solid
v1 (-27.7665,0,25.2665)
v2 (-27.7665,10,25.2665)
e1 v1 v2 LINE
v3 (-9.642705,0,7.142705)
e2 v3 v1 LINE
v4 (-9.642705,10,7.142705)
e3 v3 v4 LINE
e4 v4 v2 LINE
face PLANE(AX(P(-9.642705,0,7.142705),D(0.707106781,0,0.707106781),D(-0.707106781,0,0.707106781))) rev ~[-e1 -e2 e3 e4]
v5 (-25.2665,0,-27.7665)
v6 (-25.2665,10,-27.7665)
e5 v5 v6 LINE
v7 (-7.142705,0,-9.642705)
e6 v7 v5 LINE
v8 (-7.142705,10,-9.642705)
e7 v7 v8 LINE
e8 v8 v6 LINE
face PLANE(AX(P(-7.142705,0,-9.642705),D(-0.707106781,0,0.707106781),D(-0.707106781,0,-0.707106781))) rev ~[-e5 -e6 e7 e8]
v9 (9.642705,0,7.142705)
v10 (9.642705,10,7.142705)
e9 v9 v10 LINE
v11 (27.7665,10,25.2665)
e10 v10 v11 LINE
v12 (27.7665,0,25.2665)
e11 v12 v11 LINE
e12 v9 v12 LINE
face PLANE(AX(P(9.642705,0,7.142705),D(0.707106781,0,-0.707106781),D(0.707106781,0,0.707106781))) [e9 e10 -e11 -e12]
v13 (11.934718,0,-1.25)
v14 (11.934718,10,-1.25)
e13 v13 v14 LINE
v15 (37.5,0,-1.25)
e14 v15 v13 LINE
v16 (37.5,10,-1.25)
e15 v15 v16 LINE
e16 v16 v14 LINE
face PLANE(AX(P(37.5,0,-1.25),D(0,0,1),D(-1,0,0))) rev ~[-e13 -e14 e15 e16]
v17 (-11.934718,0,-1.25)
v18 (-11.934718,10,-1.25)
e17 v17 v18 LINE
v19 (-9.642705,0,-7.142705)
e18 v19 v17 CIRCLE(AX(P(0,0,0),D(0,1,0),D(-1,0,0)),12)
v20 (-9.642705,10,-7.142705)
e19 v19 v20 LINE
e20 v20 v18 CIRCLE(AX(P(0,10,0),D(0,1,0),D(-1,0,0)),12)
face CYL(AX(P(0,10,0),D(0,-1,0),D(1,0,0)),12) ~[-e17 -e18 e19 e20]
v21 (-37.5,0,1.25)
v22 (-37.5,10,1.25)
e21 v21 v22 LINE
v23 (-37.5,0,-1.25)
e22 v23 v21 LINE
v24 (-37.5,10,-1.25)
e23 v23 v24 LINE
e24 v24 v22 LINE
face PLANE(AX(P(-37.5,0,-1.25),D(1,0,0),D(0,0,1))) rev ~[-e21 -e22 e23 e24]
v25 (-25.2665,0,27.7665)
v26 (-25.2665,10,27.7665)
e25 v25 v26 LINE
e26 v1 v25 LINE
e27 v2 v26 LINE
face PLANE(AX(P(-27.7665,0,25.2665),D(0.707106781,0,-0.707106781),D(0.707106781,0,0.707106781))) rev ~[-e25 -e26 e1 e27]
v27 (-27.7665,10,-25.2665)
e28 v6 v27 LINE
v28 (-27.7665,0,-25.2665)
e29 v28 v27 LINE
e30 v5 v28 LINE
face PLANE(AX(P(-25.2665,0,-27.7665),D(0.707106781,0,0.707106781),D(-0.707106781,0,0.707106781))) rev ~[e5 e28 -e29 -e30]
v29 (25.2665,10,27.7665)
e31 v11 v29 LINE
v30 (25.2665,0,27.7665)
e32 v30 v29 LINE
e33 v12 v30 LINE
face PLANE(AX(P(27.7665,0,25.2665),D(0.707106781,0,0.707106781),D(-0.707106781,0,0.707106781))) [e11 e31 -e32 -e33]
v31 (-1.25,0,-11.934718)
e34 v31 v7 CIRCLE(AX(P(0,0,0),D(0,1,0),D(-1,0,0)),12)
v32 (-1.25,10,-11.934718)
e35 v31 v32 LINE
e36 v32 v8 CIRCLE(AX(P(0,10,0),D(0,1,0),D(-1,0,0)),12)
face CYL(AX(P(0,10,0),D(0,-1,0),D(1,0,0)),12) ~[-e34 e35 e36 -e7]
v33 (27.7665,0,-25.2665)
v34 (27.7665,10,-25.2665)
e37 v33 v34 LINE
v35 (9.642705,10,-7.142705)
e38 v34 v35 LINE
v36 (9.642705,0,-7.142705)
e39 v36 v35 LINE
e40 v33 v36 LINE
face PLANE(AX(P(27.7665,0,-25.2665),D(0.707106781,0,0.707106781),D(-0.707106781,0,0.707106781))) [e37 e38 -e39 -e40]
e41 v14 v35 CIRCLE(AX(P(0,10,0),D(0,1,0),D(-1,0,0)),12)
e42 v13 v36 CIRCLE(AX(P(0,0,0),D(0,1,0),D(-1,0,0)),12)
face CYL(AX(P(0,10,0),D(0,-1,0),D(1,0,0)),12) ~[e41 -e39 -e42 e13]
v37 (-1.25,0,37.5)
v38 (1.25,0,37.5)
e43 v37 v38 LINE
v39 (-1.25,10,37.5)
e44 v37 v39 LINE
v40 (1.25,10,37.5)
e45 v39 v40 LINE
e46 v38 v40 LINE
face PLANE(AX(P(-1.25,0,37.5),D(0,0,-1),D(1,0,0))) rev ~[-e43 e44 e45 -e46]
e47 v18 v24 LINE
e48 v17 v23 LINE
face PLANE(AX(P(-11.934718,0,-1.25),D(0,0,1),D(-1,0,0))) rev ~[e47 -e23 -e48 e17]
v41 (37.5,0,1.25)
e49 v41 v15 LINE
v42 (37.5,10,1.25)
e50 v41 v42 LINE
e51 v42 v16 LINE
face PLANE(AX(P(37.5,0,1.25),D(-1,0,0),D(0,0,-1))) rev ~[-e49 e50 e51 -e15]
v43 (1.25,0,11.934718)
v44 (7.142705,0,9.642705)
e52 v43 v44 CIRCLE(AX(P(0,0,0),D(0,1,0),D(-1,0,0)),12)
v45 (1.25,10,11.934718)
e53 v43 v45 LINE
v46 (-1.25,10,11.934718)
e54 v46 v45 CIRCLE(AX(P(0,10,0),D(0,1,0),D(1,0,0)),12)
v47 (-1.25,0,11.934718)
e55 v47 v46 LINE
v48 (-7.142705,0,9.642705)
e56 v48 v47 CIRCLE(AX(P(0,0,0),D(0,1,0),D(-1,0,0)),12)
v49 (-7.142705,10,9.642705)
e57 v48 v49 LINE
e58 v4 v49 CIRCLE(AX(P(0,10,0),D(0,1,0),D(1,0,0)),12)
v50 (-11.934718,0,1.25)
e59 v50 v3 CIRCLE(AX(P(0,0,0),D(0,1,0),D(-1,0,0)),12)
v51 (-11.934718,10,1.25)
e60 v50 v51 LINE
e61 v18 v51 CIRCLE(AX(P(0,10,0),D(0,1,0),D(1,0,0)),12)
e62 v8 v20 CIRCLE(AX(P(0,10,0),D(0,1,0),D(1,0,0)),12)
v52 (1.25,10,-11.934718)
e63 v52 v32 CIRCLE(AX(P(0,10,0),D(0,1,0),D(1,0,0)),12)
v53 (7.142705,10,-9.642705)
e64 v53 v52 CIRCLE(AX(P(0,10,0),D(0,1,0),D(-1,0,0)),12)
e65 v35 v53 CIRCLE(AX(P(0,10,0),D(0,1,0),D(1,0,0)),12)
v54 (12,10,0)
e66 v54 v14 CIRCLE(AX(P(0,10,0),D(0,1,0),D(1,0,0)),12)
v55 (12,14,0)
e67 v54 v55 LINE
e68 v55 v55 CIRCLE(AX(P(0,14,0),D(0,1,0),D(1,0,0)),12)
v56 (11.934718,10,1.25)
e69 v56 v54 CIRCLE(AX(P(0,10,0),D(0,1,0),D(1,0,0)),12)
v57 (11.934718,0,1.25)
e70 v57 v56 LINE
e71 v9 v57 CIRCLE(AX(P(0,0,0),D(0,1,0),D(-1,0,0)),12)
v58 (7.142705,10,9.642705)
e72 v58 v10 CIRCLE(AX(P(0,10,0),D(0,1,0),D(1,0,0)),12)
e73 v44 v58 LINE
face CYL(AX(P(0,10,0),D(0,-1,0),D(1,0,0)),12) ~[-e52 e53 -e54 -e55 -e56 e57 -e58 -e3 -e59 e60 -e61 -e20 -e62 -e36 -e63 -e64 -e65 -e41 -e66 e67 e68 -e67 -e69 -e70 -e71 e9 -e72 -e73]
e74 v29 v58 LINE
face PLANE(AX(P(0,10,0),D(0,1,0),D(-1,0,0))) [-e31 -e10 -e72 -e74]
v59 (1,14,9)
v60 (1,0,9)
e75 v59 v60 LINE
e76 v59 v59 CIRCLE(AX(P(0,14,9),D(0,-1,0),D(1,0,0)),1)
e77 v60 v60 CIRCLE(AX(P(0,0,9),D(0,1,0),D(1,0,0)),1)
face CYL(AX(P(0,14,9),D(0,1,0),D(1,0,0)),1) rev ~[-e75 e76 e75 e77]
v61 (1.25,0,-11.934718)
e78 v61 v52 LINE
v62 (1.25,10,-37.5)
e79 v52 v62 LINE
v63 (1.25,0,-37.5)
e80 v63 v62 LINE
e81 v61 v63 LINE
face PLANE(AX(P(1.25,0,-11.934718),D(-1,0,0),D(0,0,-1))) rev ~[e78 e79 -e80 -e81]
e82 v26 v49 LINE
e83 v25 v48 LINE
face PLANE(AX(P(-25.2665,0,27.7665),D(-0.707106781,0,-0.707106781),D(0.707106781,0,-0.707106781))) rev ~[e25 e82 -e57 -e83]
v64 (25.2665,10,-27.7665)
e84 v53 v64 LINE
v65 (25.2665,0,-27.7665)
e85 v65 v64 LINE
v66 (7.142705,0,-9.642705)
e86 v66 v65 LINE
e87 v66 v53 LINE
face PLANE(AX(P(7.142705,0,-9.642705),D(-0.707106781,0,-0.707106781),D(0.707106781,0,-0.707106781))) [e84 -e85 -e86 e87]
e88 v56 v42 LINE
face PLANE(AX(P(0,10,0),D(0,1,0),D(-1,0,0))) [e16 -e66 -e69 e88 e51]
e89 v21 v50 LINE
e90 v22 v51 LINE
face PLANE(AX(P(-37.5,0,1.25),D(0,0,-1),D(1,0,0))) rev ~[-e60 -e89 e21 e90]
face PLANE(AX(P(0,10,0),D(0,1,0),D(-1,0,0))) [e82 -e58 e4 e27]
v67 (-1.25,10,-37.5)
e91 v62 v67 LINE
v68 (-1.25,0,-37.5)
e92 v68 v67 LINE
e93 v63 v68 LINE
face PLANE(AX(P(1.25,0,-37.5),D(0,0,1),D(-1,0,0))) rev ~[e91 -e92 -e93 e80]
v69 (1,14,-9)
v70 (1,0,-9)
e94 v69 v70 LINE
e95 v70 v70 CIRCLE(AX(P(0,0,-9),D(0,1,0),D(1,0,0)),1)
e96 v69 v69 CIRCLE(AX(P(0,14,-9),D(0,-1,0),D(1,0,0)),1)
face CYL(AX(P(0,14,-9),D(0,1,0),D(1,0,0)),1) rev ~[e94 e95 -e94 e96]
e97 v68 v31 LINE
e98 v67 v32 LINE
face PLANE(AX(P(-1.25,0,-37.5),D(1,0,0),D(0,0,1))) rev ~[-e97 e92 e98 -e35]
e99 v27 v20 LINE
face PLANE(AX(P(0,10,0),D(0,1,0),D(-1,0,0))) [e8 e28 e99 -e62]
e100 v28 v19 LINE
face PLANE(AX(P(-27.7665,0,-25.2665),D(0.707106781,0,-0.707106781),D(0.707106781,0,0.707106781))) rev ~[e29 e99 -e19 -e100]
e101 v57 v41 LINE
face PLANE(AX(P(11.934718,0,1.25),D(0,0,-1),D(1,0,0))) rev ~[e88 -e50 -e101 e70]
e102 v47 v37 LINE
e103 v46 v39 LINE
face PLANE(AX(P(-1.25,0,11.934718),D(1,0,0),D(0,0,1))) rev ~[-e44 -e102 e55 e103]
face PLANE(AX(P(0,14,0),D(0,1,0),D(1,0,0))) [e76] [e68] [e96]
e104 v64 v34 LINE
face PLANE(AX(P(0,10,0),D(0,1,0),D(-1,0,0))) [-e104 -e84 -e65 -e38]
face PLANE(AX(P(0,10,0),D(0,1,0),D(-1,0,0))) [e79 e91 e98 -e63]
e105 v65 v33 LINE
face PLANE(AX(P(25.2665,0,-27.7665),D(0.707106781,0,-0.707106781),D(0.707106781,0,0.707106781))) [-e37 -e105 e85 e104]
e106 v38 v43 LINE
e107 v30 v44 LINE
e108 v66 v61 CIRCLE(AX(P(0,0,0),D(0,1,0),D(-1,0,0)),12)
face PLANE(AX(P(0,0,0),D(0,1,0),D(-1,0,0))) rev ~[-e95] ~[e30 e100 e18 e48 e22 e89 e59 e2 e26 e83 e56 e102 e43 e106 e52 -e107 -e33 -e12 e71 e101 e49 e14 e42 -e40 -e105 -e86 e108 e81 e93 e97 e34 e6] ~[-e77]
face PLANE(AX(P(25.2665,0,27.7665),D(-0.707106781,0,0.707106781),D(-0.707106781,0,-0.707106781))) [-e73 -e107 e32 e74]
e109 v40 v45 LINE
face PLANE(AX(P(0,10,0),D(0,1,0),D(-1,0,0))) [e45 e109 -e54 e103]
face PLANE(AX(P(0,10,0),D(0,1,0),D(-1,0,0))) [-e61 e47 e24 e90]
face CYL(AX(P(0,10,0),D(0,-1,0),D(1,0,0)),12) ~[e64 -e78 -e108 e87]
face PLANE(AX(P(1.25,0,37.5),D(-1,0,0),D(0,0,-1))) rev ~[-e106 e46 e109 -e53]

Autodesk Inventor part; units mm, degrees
ref_plane "YZ Plane" through (0, 0, 0) normal (1, 0, 0) x (0, 1, 0)
ref_plane "XZ Plane" through (0, 0, 0) normal (0, 1, 0) x (-1, 0, 0)
ref_plane "XY Plane" through (0, 0, 0) normal (0, 0, 1) x (1, 0, 0)
sketch "Sketch2" plane through (0, 0, 0) normal (0, 1, 0) x (-1, 0, 0)
  circle A0 centre (0, 0) radius 12
  line L0 (-1.25, 37.5) -> (-1.25, -37.5)
  line L1 (-1.25, -37.5) -> (1.25, -37.5)
  line L2 (1.25, -37.5) -> (1.25, 37.5)
  line L3 (1.25, 37.5) -> (-1.25, 37.5)
  line L4 (-1.25, 37.5) -> (1.25, -37.5) construction
  line L5 (-1.25, -37.5) -> (1.25, 37.5) construction
  line L6 (-37.5, -1.25) -> (37.5, -1.25)
  line L7 (37.5, -1.25) -> (37.5, 1.25)
  line L8 (37.5, 1.25) -> (-37.5, 1.25)
  line L9 (-37.5, 1.25) -> (-37.5, -1.25)
  line L10 (-37.5, -1.25) -> (37.5, 1.25) construction
  line L11 (37.5, -1.25) -> (-37.5, 1.25) construction
  line L12 (1.25, 1.25) -> (-1.25, -1.25)
  line L13 (-1.25, -1.25) -> (25.2665, -27.7665)
  line L14 (25.2665, -27.7665) -> (27.7665, -25.2665)
  line L15 (27.7665, -25.2665) -> (1.25, 1.25)
  line L16 (1.25, 1.25) -> (-1.25, -1.25)
  line L17 (-1.25, -1.25) -> (-27.7665, 25.2665)
  line L18 (-27.7665, 25.2665) -> (-25.2665, 27.7665)
  line L19 (-25.2665, 27.7665) -> (1.25, 1.25)
  line L20 (-1.25, 1.25) -> (1.25, -1.25)
  line L21 (1.25, -1.25) -> (-25.2665, -27.7665)
  line L22 (-25.2665, -27.7665) -> (-27.7665, -25.2665)
  line L23 (-27.7665, -25.2665) -> (-1.25, 1.25)
  line L24 (-1.25, 1.25) -> (1.25, -1.25)
  line L25 (1.25, -1.25) -> (27.7665, 25.2665)
  line L26 (27.7665, 25.2665) -> (25.2665, 27.7665)
  line L27 (25.2665, 27.7665) -> (-1.25, 1.25)
  point P0 (7.1427, -9.6427)
  point P1 (9.6427, -7.1427)
  point P2 (11.9347, -1.25)
  point P3 (11.9347, 1.25)
  point P4 (9.6427, 7.1427)
  point P5 (7.1427, 9.6427)
  point P6 (1.25, 11.9347)
  point P7 (-1.25, 11.9347)
  point P8 (-7.1427, 9.6427)
  point P9 (-9.6427, 7.1427)
  point P10 (-11.9347, 1.25)
  point P11 (-11.9347, -1.25)
  point P12 (-9.6427, -7.1427)
  point P13 (-7.1427, -9.6427)
  point P14 (-1.25, -11.9347)
  point P15 (1.25, -11.9347)
  dimension "d0" = 24
  dimension "d1" = 75
  dimension "d2" = 2.5
  dimension "d3" = 75
  dimension "d4" = 2.5
  dimension "d5" = 37.5
  dimension "d6" = 37.5
  dimension "d7" = 37.5
  dimension "d8" = 37.5
extrude "Extrusion1" add sketch "Sketch2" along normal blind 10
sketch "Sketch3" plane through (0, 10, 0) normal (0, 1, 0) x (1, 0, 0)
  circle A0 centre (0, 0) radius 12
  dimension "d11" = 24
extrude "Extrusion2" add sketch "Sketch3" along normal blind 4
sketch "Sketch4" plane through (0, 14, 0) normal (0, 1, 0) x (1, 0, 0)
  line L0 (0, 0) -> (0, 12)
  line L1 (1.25, 11.9347) -> (1.25, 37.5) projected
  line L2 (0, 0) -> (12, 0) construction
  line L3 (0, 12) -> (0, -12)
  line L4 (0, -12) -> (0, -9)
  line L5 (0, -12) -> (3, -12) construction
  line L6 (0, 12) -> (0, 9)
  line L7 (0, 12) -> (3, 12) construction
  circle A0 centre (0, -9) radius 1
  circle A1 centre (0, 9) radius 1
  dimension "d14" = 12
  dimension "d15" = 90
  dimension "d16" = 24
  dimension "d17" = 0
  dimension "d18" = 3
  dimension "d19" = 90
  dimension "d20" = 3
  dimension "d21" = 90
  dimension "d22" = 2
  dimension "d23" = 2
extrude "Extrusion3" cut sketch "Sketch4" against normal blind 20
properties part number "sweeper"
